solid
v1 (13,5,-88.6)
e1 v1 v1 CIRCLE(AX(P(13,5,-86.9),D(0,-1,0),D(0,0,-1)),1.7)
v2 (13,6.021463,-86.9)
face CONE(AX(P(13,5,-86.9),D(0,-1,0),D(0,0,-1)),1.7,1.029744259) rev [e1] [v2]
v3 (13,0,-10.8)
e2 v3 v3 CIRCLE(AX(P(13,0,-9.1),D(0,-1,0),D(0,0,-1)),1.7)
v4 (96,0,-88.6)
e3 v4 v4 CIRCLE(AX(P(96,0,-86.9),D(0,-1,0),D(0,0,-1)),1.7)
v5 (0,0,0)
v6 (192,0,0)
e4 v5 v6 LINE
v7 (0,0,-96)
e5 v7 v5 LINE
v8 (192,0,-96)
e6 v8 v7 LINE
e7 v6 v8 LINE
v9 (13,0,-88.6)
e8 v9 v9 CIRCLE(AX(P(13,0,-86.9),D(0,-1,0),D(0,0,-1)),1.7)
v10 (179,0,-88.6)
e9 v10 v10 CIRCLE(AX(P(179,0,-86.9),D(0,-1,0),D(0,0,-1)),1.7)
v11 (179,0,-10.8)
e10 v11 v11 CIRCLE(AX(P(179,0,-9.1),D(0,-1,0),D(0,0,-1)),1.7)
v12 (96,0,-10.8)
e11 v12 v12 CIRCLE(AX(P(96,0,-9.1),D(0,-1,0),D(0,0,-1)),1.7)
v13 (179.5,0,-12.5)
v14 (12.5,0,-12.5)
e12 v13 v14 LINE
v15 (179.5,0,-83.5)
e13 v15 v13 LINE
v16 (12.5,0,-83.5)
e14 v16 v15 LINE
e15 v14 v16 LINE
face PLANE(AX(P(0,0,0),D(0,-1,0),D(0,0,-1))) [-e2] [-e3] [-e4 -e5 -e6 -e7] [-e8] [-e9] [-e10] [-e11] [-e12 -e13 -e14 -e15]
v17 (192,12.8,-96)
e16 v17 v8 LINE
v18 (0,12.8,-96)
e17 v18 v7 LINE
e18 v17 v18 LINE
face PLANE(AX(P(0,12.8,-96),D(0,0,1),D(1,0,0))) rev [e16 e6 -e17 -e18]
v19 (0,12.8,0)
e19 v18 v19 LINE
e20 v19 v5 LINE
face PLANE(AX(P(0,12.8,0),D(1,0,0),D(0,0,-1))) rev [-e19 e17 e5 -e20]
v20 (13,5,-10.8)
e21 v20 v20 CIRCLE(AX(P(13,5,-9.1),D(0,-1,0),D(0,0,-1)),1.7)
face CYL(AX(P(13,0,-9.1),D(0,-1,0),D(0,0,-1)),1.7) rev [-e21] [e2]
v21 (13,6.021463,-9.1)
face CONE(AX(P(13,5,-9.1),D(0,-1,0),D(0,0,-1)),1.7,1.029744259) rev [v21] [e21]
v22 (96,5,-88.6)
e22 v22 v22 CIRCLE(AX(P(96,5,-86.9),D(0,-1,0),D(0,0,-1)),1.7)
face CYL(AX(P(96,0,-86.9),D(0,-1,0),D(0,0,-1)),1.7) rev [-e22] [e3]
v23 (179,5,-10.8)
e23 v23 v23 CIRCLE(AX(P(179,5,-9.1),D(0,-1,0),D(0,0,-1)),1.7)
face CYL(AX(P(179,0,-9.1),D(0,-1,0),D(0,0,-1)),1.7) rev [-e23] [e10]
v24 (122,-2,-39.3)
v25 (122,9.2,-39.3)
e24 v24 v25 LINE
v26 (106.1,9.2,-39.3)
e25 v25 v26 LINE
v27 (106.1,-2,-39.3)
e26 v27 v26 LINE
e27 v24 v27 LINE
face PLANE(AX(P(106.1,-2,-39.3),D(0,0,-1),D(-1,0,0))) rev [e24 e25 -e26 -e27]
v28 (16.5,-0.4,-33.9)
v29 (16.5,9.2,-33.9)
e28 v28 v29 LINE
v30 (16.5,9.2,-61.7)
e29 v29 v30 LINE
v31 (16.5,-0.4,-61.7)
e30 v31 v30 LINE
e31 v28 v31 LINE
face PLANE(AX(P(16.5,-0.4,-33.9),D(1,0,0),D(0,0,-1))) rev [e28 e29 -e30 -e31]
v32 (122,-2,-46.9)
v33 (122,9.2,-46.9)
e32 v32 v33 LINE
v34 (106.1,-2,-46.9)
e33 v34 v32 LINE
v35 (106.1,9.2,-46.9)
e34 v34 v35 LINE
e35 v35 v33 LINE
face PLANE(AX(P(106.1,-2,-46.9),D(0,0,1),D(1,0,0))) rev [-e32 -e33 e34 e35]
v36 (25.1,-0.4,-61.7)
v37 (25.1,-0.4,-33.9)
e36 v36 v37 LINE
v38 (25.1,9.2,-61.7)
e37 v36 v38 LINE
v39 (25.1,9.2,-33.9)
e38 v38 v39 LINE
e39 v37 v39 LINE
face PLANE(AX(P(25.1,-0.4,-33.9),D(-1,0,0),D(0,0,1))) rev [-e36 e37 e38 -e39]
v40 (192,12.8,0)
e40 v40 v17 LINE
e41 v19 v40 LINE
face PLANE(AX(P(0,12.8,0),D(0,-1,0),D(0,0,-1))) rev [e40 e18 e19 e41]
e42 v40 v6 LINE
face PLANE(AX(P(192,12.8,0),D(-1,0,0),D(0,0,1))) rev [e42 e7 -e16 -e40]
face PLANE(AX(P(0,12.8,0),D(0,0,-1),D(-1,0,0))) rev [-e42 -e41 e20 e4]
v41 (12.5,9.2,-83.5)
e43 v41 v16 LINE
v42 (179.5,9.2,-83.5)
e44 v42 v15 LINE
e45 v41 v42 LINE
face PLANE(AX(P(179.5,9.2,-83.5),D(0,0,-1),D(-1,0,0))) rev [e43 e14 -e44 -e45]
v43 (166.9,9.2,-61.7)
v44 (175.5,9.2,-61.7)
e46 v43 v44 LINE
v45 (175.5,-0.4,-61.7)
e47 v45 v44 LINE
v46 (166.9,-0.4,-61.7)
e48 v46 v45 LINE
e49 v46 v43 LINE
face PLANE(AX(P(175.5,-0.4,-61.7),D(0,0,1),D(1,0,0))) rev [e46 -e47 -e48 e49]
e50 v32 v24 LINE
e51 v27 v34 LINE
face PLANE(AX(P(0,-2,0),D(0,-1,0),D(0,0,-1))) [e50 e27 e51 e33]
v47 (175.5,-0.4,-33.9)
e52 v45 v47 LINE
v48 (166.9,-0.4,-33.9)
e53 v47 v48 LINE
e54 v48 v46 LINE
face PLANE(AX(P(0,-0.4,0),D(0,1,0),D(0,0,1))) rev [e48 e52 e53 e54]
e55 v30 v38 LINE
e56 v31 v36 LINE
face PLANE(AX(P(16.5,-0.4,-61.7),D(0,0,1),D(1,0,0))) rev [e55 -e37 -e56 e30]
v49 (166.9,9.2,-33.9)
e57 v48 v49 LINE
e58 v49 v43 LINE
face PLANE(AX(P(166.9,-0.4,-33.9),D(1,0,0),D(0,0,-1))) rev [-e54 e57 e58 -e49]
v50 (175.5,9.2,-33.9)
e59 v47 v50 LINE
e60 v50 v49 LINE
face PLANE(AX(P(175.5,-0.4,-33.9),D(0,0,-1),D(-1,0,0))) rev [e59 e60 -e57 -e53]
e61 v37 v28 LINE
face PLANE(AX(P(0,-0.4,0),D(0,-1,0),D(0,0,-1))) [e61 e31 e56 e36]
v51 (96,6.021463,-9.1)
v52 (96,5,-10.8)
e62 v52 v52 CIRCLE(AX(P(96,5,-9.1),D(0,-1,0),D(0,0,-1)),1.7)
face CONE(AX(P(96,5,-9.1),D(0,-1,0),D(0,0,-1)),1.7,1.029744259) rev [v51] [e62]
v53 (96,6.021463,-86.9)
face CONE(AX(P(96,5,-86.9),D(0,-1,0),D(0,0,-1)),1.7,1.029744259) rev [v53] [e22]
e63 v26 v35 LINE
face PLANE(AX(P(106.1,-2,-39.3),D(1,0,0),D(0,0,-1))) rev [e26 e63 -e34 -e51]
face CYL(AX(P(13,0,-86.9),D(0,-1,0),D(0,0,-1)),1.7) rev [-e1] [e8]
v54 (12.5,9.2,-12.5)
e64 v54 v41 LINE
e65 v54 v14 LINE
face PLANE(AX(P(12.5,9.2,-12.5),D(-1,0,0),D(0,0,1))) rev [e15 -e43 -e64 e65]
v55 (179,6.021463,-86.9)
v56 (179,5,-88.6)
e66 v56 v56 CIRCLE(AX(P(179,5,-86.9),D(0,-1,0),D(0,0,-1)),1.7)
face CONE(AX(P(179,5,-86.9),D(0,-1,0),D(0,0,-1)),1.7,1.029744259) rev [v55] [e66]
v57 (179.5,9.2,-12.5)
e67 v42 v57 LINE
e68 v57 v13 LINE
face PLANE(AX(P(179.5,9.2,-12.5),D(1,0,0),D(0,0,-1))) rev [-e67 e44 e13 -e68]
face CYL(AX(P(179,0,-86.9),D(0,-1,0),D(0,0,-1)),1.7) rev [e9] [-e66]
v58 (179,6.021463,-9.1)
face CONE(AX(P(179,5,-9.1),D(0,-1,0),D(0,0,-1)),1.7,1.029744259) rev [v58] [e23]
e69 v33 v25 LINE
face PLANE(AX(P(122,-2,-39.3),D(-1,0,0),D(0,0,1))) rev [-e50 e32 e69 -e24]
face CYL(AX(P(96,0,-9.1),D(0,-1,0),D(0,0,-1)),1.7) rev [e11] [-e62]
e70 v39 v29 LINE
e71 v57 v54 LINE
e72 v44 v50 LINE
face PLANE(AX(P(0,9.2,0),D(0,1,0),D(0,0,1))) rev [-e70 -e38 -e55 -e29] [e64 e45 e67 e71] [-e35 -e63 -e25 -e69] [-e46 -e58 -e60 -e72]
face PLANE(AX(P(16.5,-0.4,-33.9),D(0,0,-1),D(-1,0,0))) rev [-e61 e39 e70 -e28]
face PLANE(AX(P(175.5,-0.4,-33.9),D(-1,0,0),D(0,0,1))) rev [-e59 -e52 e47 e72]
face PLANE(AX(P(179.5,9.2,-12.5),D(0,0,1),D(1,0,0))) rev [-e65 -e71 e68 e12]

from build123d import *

# Parameters (mm, degrees)
SKETCH1_W                = 192
SKETCH1_H                = 96
BOSS_EXTRUDE1_DEPTH      = 12.8
SKETCH2_W                = 167
SKETCH2_H                = 71
CUT_EXTRUDE1_DEPTH       = 9.2
M3_CLEARANCE_HOLE1_D     = 3.4
M3_CLEARANCE_HOLE1_DEPTH = 5
M3_CLEARANCE_HOLE1_TIP   = 1.021463052
SKETCH6_W                = 8.6
SKETCH6_H                = 27.8
BOSS_EXTRUDE2_DEPTH      = 9.6
SKETCH7_W                = 15.9
SKETCH7_H                = 7.6
BOSS_EXTRUDE3_DEPTH      = 11.2


with BuildPart() as part:
    # Sketch1 → Boss-Extrude1 (new body)
    with BuildSketch(Plane(origin=(0, 0, 0), x_dir=(1, 0, 0), z_dir=(0, 1, 0))):
        with Locations((96, 48)):
            Rectangle(SKETCH1_W, SKETCH1_H)
    extrude(amount=BOSS_EXTRUDE1_DEPTH)

    # Sketch2 → Cut-Extrude1 (cut)
    with BuildSketch(Plane.XZ):
        with Locations((96, -48)):
            Rectangle(SKETCH2_W, SKETCH2_H)
    extrude(amount=-CUT_EXTRUDE1_DEPTH, mode=Mode.SUBTRACT)

    # M3 Clearance Hole1
    with Locations(Plane(origin=(0, 0, 0), x_dir=(-1, 0, 0), z_dir=(0, -1, 0))):
        with Locations((-13, 9.1), (-96, 9.1), (-179, 9.1), (-179, 86.9), (-96, 86.9), (-13, 86.9)):
            Hole(M3_CLEARANCE_HOLE1_D / 2, depth=M3_CLEARANCE_HOLE1_DEPTH)
            with Locations((0, 0, -(M3_CLEARANCE_HOLE1_DEPTH + M3_CLEARANCE_HOLE1_TIP / 2))):  # 118° drill point
                Cone(0, M3_CLEARANCE_HOLE1_D / 2, M3_CLEARANCE_HOLE1_TIP, mode=Mode.SUBTRACT)

    # Sketch6 → Boss-Extrude2 (add)
    with BuildSketch(Plane.XZ.offset(-9.2)):
        with Locations((20.8, -47.8)):
            Rectangle(SKETCH6_W, SKETCH6_H)
        with Locations((171.2, -47.8)):
            Rectangle(SKETCH6_W, SKETCH6_H)
    extrude(amount=BOSS_EXTRUDE2_DEPTH)

    # Sketch7 → Boss-Extrude3 (add)
    with BuildSketch(Plane.XZ.offset(-9.2)):
        with Locations((114.05, -43.1)):
            Rectangle(SKETCH7_W, SKETCH7_H)
    extrude(amount=BOSS_EXTRUDE3_DEPTH)


solid = part.part
